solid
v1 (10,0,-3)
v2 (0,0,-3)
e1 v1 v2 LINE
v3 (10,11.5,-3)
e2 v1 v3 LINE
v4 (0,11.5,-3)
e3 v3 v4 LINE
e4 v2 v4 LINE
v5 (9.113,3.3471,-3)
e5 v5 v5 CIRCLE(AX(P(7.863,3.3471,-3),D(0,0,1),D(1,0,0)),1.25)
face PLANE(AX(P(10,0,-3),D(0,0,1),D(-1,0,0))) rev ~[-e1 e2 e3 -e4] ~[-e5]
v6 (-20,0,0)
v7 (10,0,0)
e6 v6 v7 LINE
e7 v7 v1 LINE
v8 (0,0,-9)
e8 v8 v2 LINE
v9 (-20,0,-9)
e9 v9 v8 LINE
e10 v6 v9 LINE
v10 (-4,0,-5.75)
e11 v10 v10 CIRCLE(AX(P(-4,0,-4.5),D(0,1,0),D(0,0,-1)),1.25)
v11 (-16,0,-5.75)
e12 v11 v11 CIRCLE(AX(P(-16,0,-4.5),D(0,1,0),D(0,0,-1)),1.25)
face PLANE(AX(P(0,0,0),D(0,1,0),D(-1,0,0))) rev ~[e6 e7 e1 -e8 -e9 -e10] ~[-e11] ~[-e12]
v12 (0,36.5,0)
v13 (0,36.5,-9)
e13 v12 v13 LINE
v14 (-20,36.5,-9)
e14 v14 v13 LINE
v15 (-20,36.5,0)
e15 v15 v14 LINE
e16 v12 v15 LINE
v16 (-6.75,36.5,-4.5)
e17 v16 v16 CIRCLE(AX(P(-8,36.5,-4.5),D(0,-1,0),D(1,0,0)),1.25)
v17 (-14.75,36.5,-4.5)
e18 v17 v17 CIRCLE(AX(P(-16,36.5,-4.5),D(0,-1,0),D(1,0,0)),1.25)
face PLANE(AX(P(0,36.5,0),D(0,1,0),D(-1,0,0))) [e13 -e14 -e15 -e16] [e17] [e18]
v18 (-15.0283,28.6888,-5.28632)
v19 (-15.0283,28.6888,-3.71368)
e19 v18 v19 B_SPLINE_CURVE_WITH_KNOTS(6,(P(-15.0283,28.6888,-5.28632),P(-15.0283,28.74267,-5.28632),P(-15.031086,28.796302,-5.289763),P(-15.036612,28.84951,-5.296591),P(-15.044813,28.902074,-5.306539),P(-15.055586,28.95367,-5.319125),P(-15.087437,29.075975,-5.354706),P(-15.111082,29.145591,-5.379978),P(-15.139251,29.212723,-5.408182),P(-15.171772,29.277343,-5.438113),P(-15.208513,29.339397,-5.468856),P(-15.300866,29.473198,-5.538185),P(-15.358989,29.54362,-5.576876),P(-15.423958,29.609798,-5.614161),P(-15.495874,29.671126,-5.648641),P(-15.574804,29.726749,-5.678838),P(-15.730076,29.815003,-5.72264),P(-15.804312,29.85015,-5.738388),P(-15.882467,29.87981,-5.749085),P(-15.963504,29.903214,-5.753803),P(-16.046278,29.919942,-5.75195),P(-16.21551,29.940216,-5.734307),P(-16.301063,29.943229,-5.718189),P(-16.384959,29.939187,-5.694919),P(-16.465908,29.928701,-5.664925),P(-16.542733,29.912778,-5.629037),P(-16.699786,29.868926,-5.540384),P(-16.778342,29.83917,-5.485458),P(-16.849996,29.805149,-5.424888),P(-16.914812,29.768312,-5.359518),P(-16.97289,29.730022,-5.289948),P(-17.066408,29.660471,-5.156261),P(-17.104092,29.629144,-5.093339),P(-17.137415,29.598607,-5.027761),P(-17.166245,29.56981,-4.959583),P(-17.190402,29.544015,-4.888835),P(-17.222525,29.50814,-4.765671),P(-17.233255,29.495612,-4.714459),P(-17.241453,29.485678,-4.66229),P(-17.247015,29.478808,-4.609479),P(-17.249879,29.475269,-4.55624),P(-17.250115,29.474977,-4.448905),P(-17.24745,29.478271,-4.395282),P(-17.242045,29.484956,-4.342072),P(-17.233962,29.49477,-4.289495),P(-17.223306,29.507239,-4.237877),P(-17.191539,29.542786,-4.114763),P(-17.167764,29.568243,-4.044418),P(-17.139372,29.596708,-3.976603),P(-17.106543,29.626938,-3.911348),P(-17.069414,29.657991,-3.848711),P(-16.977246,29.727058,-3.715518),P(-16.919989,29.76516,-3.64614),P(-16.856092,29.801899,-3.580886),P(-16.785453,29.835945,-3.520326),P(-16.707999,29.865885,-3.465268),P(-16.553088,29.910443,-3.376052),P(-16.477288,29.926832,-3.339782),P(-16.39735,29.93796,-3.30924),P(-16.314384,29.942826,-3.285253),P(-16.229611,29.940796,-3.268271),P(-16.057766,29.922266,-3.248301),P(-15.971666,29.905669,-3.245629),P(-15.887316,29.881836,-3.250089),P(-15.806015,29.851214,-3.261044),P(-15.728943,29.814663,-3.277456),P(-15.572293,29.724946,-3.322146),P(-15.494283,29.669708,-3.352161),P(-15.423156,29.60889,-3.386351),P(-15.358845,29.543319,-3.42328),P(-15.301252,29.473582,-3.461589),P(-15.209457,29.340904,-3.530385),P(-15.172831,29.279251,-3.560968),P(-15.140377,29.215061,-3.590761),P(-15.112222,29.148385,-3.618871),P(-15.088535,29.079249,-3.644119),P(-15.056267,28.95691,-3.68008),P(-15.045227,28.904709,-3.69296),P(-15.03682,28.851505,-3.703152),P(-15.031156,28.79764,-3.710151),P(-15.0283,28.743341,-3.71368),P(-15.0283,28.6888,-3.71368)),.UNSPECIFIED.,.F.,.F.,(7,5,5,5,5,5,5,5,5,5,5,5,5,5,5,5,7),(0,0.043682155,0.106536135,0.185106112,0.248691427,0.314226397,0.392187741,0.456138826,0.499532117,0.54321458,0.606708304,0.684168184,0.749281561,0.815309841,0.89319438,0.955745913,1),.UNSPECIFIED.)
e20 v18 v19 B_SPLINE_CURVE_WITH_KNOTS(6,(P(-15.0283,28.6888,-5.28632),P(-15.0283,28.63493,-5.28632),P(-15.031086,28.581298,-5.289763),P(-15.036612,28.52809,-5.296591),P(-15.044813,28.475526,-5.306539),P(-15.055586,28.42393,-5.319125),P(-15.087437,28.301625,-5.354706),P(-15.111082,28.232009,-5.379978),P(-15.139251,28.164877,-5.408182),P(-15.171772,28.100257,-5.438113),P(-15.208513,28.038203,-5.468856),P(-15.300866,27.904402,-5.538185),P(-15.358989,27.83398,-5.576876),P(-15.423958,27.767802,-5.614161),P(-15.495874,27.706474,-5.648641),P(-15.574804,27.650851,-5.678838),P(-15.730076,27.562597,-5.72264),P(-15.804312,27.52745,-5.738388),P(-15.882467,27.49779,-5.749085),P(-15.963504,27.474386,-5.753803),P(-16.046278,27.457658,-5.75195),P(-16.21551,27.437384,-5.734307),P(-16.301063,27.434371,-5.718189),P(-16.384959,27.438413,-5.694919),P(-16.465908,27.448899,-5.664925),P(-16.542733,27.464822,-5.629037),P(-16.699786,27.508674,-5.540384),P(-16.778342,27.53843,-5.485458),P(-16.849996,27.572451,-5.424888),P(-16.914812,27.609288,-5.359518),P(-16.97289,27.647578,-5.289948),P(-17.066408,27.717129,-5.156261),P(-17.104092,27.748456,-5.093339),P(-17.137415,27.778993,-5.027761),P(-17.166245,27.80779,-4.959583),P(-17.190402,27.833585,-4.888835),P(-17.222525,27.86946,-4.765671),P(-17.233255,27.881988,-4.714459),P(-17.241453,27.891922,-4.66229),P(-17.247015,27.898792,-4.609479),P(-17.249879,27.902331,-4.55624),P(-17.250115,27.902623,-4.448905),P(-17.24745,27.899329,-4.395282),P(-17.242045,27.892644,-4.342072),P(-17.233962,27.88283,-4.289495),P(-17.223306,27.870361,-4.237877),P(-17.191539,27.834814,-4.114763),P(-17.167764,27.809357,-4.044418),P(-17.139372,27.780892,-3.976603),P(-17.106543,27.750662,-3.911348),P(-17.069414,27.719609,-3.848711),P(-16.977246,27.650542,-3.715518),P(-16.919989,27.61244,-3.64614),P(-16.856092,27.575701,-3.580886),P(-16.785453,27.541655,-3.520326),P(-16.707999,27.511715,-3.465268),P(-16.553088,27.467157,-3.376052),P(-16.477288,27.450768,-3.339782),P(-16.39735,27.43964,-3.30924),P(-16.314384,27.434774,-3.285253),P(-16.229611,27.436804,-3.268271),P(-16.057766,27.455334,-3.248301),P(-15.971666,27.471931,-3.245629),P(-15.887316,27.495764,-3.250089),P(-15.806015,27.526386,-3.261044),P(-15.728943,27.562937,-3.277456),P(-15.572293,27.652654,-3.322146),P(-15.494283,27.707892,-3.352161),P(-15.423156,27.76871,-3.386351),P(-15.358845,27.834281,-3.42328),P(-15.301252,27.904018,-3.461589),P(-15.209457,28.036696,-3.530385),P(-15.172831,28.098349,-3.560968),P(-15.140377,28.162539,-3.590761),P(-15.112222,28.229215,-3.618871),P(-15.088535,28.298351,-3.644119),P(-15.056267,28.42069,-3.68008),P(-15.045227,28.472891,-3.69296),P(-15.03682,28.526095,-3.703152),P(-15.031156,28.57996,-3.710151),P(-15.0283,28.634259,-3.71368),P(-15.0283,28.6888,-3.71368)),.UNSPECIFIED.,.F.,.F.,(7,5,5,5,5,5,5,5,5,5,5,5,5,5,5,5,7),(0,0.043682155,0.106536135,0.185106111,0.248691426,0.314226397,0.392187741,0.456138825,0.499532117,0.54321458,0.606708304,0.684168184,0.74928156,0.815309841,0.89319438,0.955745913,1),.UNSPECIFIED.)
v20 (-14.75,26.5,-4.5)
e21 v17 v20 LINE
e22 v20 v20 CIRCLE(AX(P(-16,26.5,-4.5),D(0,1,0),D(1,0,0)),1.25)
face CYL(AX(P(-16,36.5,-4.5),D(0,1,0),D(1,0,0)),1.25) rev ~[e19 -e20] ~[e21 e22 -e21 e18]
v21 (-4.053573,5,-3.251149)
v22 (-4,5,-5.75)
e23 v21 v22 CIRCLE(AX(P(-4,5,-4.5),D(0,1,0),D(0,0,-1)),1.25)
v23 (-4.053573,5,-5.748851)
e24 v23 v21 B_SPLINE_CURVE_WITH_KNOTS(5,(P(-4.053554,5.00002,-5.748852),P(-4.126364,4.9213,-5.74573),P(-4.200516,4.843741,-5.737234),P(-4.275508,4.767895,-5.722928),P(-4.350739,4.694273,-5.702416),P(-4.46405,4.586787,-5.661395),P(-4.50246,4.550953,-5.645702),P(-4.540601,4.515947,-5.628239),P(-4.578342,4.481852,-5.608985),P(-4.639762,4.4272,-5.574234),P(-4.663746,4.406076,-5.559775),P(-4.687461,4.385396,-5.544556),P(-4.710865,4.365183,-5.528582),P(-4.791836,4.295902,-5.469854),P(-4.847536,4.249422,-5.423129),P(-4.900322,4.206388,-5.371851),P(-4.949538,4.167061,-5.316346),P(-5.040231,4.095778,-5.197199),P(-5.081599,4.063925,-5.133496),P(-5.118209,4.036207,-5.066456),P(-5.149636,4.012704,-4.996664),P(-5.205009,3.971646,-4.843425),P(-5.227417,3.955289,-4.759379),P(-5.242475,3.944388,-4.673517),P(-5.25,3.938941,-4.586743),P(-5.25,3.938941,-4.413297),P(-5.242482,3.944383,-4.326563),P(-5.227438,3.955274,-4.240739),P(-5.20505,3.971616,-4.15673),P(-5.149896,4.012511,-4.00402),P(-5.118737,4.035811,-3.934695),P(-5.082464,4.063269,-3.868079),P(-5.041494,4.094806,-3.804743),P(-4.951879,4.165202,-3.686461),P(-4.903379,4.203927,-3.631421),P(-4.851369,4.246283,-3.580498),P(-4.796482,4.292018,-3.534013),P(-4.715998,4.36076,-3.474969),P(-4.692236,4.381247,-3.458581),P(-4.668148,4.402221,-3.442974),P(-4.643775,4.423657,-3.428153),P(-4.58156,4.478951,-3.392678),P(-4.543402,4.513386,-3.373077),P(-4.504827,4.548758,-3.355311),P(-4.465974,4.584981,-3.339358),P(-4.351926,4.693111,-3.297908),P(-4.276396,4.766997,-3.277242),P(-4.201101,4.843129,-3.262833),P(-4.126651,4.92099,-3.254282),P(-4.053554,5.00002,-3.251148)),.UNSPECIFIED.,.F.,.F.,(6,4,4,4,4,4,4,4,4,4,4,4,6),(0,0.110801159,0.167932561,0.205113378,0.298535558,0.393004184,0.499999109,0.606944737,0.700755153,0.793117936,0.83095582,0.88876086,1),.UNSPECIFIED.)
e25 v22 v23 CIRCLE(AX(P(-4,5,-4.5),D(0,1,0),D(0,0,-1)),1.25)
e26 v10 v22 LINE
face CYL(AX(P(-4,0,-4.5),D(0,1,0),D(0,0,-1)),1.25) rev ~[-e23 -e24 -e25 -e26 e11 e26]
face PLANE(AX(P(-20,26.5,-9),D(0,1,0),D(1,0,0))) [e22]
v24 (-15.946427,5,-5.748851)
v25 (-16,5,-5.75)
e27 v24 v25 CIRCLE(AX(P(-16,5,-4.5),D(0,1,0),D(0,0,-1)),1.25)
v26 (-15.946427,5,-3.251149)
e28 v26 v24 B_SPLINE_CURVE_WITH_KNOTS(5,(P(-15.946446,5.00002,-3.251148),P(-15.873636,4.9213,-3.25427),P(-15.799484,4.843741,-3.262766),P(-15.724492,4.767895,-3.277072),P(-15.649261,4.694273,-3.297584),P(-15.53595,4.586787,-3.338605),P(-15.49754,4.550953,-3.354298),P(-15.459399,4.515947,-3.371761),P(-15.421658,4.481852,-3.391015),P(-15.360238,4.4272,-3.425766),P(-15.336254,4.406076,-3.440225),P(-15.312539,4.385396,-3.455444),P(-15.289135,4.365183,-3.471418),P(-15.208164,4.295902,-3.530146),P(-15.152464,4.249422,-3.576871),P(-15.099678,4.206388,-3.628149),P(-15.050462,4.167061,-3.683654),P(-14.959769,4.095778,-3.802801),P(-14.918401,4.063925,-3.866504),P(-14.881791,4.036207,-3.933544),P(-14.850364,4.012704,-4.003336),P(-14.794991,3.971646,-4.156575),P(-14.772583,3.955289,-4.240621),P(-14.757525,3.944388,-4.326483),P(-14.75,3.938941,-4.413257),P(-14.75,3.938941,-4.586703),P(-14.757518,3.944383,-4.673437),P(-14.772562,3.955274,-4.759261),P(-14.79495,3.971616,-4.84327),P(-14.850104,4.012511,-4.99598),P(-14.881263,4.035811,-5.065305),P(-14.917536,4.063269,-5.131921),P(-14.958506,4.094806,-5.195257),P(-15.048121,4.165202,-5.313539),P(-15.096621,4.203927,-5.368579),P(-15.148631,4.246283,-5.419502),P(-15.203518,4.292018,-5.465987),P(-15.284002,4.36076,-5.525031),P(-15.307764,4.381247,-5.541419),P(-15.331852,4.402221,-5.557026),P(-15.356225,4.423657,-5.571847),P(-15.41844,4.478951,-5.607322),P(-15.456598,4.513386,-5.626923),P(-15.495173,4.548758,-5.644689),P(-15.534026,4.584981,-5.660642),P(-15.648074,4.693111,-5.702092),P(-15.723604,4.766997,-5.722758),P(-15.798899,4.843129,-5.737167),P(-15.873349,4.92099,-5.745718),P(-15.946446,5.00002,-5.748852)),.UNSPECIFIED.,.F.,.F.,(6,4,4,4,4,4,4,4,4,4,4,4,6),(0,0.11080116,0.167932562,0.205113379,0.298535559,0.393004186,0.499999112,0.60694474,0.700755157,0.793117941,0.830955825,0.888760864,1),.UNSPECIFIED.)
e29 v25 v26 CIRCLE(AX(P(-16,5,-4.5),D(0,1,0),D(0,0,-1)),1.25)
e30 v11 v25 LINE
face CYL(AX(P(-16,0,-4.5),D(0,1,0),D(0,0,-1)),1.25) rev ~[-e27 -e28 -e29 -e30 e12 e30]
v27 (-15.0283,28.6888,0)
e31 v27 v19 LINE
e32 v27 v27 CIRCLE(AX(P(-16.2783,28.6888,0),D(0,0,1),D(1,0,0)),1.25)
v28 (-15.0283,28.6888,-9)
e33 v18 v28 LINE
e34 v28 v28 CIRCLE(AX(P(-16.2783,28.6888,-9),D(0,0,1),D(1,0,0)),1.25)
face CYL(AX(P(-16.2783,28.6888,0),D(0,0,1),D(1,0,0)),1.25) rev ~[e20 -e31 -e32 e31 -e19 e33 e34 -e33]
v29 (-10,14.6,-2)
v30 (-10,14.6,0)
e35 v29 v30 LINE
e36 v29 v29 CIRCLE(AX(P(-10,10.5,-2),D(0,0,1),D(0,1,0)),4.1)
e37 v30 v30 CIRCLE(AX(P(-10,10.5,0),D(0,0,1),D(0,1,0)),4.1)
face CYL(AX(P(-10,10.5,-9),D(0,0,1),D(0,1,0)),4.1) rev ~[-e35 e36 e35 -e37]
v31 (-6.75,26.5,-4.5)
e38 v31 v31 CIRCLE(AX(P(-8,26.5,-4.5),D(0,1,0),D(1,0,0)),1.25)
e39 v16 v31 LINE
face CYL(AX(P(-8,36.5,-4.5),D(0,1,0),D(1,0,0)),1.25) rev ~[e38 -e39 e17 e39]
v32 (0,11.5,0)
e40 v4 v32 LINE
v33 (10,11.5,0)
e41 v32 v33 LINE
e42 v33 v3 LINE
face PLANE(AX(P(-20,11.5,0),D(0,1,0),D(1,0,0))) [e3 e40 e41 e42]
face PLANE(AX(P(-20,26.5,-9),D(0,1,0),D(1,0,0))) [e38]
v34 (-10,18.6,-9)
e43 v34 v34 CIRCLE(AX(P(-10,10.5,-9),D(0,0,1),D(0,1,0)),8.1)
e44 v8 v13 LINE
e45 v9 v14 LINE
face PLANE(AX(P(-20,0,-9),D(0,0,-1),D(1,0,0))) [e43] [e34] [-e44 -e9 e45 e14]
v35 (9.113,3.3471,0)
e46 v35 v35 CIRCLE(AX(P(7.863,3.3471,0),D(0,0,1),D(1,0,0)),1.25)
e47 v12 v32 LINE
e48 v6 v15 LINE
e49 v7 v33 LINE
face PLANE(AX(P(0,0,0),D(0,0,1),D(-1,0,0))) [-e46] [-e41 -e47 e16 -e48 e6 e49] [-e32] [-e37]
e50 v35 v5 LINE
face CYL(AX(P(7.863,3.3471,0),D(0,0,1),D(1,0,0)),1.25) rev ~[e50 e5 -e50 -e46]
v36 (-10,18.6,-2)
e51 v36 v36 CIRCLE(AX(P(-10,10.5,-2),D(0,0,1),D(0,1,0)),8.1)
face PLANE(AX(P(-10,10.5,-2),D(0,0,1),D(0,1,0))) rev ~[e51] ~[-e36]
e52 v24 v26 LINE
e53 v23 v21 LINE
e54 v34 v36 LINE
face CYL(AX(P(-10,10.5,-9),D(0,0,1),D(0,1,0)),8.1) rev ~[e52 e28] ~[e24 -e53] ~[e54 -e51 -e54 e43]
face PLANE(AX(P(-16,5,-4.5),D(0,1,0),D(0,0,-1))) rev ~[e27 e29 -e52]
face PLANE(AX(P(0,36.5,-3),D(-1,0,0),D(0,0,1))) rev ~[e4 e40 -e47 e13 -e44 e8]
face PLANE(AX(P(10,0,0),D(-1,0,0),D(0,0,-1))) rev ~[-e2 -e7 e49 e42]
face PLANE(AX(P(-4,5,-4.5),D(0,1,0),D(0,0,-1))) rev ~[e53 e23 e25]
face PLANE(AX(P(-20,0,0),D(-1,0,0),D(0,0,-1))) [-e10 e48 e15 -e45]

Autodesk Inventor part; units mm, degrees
ref_plane "YZ Plane" through (0, 0, 0) normal (1, 0, 0) x (0, 1, 0)
ref_plane "XZ Plane" through (0, 0, 0) normal (0, 1, 0) x (-1, 0, 0)
ref_plane "Plano de trabajo1" through (-47.2143, 36.5, -75.5) normal (0, -1, 0) x (1, 0, 0)
sketch "Boceto1" plane through (0, 0, 0) normal (0, 1, 0) x (-1, 0, 0)
  line L0 (0, 0) -> (20, 0)
  line L1 (20, 0) -> (20, -9)
  line L2 (20, -9) -> (0, -9)
  line L3 (0, -9) -> (0, 0)
  line L4 (0, 0) -> (-10, 0)
  line L5 (-10, 0) -> (-10, -3)
  line L6 (-10, -3) -> (0, -3)
  line L7 (0, -3) -> (0, 0)
  dimension "d0" = 20
  dimension "d1" = 9
  dimension "d25" = 10
  dimension "d26" = 3
extrude "Extrusión1" add sketch "Boceto1" along normal up to surface (36.5 mm away)
sketch "Boceto2" plane through (0, 0, -9) normal (0, 0, -1) x (-1, 0, 0)
  circle A0 centre (10, 10.5) radius 4.5 projected
  point P0 (0, 0)
hole "Agujero1" at (-10, 10.5, -9) direction (0, 0, 1) diameter 16.2 depth 7
sketch "Boceto3" plane through (0, 0, -9) normal (0, 0, -1) x (-1, 0, 0)
  circle A0 centre (10, 10.5) radius 8.1 projected
  point P0 (0, 0)
hole "Agujero2" at (-10, 10.5, -9) direction (0, 0, 1) diameter 8.2 end through all
sketch "Boceto4" plane through (0, 0, 0) normal (0, -1, 0) x (1, 0, 0)
  circle A0 centre (-4, -4.5) radius 1.25 projected
  circle A1 centre (-16, -4.5) radius 1.25 projected
  point P0 (0, 0)
hole "Agujero3" at (-16, 0, -4.5) at (-4, 0, -4.5) direction (0, 1, 0) diameter 2.5 depth 5
sketch "Boceto6" plane through (-20, 36.5, 0) normal (0, 1, 0) x (1, 0, 0)
  line L0 (30, 0) -> (30, 3) projected
  line L1 (30, 3) -> (20, 3)
  line L2 (20, 3) -> (20, 0)
  line L3 (20, 0) -> (30, 0)
  line L4 (30, 0) -> (30, 3)
extrude "Extrusión2" cut sketch "Boceto6" against normal blind 25
sketch "Boceto7" plane through (-20, 0, 0) normal (0, 0, 1) x (1, 0, 0)
  circle A0 centre (3.7217, 28.6888) radius 2.1 projected
  circle A1 centre (27.863, 3.3471) radius 2.1 projected
  circle A2 centre (3.7217, 28.6888) radius 1.25
  circle A3 centre (27.863, 3.3471) radius 1.25
  point P0 (20, 0)
  dimension "d31" = 2.5
  dimension "d32" = 2.5
extrude "Extrusión3" cut sketch "Boceto7" against normal through all contours A2 | A3
sketch "Boceto8" plane through (-20, 36.5, -9) normal (0, 1, 0) x (1, 0, 0)
  line L0 (0, 0) -> (0, -9) projected
  line L1 (0, -4.5) -> (4, -4.5)
  line L2 (4, -4.5) -> (12, -4.5)
  circle A0 centre (4, -4.5) radius 1.25
  circle A1 centre (12, -4.5) radius 1.25
  point P0 (20, -9)
  dimension "d33" = 4
  dimension "d34" = 8
  dimension "d35" = 2.5
extrude "Extrusión4" cut sketch "Boceto8" against normal blind 10
properties part number "Soporte mecanismo 2"
